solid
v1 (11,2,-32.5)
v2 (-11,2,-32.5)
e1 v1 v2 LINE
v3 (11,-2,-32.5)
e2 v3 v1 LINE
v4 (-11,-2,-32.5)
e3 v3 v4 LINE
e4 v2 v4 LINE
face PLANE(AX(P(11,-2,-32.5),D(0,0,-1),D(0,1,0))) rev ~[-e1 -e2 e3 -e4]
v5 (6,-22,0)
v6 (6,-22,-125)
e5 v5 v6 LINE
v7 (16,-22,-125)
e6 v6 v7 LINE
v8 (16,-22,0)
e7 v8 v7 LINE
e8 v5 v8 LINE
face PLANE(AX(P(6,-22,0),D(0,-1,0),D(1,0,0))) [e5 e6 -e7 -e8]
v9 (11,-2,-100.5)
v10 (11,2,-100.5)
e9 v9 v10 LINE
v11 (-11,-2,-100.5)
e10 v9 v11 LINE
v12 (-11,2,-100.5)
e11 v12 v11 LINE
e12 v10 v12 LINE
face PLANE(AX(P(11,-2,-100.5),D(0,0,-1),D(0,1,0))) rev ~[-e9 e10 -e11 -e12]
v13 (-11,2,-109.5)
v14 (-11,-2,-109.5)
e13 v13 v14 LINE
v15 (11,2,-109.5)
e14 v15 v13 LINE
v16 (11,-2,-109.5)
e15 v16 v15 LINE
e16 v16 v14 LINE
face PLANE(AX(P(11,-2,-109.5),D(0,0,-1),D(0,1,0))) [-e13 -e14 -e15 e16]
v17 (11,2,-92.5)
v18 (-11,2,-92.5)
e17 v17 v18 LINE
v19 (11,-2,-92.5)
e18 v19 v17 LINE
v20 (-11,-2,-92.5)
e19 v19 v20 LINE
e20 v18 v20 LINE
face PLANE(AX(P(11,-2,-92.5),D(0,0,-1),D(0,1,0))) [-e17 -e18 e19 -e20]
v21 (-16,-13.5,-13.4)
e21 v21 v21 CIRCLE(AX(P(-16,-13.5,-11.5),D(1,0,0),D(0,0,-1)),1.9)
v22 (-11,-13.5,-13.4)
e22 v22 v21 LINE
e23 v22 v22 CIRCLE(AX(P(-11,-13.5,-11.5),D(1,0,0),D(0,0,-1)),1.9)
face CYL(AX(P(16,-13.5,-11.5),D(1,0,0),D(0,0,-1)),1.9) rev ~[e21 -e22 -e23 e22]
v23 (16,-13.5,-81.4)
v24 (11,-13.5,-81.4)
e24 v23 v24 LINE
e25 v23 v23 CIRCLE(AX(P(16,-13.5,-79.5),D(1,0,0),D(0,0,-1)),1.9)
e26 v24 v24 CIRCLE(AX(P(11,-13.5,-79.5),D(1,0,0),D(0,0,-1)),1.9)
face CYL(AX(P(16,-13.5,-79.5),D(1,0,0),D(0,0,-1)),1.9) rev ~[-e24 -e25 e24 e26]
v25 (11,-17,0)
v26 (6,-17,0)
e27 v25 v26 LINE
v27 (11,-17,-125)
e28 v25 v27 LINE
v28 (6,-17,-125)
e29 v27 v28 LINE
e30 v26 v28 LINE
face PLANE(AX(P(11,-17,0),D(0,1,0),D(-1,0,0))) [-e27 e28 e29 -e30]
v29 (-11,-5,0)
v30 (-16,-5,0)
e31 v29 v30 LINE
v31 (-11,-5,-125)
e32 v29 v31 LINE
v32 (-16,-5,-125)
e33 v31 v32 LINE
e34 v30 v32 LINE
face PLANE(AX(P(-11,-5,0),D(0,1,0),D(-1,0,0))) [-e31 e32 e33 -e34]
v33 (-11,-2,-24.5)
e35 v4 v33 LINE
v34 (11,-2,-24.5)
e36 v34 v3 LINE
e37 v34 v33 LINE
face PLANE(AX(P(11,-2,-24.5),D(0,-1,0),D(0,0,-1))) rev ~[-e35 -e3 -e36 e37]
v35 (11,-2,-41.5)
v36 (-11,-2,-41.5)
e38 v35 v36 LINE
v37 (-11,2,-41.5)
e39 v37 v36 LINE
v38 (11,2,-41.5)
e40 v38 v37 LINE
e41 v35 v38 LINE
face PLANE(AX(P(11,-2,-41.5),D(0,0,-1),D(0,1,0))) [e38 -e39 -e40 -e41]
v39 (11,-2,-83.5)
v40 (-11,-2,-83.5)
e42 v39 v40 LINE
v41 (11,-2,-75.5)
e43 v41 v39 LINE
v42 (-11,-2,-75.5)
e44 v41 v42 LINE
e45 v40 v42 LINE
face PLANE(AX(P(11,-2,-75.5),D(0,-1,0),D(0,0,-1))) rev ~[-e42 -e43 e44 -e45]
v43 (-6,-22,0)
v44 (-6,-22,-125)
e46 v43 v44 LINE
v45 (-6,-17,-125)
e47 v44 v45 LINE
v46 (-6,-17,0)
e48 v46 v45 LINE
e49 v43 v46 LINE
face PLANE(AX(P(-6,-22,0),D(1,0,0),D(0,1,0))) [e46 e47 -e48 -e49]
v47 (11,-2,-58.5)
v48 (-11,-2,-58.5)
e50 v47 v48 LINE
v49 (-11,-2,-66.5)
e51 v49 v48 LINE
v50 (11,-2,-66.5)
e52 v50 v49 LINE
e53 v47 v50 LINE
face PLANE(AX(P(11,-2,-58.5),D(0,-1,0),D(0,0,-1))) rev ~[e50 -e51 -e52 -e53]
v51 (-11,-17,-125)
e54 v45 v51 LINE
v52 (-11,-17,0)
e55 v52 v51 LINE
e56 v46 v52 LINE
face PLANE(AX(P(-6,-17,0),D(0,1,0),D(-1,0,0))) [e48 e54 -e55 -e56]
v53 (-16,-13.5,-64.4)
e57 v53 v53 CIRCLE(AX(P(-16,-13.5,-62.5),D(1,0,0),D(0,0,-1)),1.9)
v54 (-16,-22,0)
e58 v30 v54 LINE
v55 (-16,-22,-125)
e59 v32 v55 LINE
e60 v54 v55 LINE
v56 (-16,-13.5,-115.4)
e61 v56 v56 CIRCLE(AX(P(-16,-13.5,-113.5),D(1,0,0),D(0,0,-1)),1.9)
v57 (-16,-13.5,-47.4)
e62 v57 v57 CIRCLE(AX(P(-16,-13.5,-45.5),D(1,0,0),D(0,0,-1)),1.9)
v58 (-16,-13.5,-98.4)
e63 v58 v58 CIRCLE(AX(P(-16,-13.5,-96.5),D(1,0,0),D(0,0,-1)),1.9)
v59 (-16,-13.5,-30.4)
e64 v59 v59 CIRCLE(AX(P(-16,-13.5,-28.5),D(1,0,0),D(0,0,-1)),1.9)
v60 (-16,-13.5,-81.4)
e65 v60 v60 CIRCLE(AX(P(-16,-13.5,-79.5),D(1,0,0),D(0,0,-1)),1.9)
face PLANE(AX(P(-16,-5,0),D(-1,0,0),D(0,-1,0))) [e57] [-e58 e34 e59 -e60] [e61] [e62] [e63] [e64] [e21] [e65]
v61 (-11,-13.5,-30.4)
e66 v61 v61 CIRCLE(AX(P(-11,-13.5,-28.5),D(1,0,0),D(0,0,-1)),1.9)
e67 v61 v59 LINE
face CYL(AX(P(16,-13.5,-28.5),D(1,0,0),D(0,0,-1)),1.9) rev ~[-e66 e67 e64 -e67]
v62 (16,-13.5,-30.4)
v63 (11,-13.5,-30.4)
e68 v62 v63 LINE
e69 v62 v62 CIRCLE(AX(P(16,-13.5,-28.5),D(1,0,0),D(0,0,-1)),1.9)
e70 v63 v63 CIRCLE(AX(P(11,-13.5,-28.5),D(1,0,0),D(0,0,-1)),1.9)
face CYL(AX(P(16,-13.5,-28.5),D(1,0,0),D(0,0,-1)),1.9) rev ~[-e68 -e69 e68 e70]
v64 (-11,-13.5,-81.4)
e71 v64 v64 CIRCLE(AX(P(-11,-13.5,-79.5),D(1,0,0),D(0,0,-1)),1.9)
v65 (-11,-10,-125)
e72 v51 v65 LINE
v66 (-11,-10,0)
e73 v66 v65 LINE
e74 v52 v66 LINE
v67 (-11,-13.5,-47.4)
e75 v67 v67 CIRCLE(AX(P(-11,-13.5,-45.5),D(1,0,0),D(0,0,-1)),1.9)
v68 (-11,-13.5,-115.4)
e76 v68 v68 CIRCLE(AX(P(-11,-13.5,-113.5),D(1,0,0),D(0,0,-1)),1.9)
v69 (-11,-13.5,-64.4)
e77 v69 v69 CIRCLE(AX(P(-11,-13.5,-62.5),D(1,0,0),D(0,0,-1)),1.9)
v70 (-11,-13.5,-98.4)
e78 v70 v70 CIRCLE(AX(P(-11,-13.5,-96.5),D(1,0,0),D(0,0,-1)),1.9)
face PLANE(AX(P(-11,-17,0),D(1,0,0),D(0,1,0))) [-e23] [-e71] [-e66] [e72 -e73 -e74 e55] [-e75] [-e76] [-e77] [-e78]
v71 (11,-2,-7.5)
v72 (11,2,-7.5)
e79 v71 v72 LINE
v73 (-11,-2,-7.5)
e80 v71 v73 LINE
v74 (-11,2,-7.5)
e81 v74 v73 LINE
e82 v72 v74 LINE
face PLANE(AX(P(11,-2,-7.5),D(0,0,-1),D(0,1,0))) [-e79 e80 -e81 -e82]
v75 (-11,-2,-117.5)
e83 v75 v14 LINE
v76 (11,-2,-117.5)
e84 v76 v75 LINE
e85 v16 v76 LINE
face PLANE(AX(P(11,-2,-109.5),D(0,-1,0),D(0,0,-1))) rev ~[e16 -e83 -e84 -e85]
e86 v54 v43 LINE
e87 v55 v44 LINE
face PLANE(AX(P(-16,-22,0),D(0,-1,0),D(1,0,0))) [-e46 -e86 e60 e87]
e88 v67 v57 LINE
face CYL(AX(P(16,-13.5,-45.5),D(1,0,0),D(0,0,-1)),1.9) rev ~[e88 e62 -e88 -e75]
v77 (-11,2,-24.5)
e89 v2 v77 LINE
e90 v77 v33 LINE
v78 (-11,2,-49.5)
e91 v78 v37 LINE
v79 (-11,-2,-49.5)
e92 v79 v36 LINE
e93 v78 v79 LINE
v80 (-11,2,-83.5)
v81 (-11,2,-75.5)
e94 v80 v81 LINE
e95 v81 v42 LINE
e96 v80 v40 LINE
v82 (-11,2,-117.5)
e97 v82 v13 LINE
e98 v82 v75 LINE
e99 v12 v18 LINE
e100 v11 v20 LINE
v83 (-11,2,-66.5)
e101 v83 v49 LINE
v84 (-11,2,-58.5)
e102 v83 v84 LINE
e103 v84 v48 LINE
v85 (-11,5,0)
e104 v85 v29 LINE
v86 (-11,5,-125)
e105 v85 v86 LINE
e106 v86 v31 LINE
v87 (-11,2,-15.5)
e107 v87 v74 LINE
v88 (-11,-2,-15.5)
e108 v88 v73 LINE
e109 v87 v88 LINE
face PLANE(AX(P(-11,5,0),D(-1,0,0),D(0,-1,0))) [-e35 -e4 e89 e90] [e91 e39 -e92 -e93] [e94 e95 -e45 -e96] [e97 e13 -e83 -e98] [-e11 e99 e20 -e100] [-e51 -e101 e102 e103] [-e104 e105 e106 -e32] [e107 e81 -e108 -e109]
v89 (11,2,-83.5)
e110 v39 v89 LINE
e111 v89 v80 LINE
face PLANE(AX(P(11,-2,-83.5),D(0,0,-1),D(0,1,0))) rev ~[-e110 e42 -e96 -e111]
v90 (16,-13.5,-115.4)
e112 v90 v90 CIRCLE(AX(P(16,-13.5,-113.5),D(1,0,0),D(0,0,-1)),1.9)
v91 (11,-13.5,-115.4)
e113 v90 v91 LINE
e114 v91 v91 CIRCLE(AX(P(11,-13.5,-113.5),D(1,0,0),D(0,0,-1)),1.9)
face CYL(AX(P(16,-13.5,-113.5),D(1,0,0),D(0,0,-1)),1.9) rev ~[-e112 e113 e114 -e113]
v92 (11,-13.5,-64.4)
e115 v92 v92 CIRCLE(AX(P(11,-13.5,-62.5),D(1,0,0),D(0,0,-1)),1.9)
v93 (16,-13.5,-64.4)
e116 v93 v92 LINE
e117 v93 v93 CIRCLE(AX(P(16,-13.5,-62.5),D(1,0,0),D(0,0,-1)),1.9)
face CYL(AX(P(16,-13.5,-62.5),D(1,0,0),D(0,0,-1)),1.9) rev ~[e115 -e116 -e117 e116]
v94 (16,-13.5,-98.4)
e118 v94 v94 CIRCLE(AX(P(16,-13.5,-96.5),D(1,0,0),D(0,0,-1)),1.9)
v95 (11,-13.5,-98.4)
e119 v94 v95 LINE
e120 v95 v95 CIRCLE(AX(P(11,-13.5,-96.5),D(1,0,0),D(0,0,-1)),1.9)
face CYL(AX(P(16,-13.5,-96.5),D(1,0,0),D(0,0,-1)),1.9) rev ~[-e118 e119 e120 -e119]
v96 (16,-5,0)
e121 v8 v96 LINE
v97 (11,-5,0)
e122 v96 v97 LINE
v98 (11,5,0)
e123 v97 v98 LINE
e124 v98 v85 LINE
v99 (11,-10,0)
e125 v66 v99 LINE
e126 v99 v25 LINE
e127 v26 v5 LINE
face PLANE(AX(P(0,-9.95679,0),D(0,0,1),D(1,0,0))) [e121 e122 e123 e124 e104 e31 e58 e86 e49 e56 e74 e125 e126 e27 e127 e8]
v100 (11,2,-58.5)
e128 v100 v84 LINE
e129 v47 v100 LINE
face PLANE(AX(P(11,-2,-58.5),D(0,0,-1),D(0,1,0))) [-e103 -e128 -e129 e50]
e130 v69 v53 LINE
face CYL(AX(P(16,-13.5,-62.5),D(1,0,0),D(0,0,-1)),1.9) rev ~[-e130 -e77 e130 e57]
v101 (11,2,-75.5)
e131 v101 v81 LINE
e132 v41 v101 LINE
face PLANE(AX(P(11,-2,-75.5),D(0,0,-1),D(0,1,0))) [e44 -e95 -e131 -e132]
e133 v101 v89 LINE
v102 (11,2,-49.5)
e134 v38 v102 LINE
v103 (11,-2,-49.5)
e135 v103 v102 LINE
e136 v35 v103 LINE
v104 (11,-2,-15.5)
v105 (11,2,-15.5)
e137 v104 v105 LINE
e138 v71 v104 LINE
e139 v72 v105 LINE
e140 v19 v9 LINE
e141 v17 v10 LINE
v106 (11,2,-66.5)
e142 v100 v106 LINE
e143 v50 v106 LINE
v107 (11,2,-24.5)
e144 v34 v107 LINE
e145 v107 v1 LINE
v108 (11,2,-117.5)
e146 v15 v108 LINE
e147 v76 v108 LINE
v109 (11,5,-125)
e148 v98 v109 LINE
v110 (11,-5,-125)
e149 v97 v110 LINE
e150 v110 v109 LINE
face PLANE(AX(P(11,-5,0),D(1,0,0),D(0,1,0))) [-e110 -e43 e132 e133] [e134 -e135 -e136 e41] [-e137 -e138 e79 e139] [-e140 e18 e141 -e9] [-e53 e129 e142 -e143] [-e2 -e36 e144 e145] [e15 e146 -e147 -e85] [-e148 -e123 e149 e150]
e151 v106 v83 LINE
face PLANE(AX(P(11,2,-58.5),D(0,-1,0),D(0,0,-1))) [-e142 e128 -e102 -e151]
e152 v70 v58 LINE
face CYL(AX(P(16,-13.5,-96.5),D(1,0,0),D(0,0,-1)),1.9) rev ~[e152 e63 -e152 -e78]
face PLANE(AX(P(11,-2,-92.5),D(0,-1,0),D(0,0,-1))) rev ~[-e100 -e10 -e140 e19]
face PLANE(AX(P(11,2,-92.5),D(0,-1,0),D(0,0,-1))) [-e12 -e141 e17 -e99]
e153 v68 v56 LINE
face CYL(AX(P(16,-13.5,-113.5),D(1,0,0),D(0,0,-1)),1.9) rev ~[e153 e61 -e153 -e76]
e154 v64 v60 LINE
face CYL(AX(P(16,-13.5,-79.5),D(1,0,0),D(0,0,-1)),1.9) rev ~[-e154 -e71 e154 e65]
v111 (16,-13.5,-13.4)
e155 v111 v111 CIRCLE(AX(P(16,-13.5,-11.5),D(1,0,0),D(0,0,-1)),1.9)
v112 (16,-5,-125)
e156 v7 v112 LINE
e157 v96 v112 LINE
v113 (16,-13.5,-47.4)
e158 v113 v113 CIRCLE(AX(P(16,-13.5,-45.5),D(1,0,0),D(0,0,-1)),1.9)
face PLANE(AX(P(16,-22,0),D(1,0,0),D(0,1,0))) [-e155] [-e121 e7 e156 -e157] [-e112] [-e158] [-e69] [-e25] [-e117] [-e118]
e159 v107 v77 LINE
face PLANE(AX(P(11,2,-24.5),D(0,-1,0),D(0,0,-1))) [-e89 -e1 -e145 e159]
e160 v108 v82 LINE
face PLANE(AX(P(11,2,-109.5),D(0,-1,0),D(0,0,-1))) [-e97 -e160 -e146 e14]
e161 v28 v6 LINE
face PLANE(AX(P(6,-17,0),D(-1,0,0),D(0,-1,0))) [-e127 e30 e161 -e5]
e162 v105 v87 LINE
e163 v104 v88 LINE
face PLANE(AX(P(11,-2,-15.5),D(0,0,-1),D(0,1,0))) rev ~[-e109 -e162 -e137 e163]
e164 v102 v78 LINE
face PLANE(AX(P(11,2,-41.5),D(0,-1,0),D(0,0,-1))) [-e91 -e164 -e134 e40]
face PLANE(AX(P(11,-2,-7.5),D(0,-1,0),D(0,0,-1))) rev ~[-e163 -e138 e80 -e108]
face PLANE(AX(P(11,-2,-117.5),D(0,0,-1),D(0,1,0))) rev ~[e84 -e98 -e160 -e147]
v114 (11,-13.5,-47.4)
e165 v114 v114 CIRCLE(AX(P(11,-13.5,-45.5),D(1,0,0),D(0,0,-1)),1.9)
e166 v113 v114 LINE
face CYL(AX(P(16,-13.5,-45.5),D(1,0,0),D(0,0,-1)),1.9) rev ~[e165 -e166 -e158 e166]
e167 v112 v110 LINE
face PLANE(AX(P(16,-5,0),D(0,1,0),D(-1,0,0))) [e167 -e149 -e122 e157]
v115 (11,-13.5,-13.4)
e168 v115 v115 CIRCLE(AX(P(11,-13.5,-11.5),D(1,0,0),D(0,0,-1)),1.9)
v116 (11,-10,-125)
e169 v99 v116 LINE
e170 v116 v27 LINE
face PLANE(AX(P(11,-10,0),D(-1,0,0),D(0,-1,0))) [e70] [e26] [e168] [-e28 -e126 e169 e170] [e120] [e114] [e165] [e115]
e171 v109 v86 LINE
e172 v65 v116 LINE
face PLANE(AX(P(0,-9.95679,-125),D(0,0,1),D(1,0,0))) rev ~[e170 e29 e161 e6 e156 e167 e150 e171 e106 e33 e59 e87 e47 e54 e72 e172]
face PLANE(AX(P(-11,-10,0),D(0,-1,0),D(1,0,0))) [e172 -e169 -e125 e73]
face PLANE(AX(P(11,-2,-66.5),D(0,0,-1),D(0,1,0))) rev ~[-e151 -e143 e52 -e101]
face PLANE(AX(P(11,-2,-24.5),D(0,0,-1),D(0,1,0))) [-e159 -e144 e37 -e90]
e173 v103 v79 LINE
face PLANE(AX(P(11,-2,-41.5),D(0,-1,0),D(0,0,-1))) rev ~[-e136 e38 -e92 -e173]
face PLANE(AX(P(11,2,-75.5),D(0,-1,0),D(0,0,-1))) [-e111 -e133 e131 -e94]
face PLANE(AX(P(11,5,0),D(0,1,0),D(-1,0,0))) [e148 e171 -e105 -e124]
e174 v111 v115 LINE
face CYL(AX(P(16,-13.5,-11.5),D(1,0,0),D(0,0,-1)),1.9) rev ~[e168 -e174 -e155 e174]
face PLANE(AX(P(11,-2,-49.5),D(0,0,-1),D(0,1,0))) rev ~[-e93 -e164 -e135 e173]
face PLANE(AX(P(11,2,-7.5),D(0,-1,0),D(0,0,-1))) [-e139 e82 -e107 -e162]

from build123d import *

# Parameters (mm, degrees)
BOSS_EXTRUDE1_DEPTH = 125
SKETCH2_R           = 1.9
CUT_EXTRUDE1_DEPTH  = 131.893086143
SKETCH3_W           = 8
SKETCH3_H           = 4
CUT_EXTRUDE2_DEPTH  = 130.761319352


with BuildPart() as part:
    # Sketch1 → Boss-Extrude1 (new body)
    with BuildSketch(Plane.XY):
        Polygon((11, 5), (-11, 5), (-11, -5), (-16, -5), (-16, -22), (-6, -22), (-6, -17), (-11, -17), (-11, -10), (11, -10), (11, -17), (6, -17), (6, -22), (16, -22), (16, -5), (11, -5), align=None)
    extrude(amount=-BOSS_EXTRUDE1_DEPTH)

    # Sketch2 → Cut-Extrude1 (cut, through all)
    with BuildSketch(Plane(origin=(16, 0, 0), x_dir=(0, 0, -1), z_dir=(1, 0, 0))):
        with Locations((62.5, -13.5)):
            Circle(SKETCH2_R)
        with Locations((79.5, -13.5)):
            Circle(SKETCH2_R)
        with Locations((96.5, -13.5)):
            Circle(SKETCH2_R)
        with Locations((45.5, -13.5)):
            Circle(SKETCH2_R)
        with Locations((28.5, -13.5)):
            Circle(SKETCH2_R)
        with Locations((113.5, -13.5)):
            Circle(SKETCH2_R)
        with Locations((11.5, -13.5)):
            Circle(SKETCH2_R)
    extrude(amount=-CUT_EXTRUDE1_DEPTH, mode=Mode.SUBTRACT)

    # Sketch3 → Cut-Extrude2 (cut, through all)
    with BuildSketch(Plane(origin=(11, 0, 0), x_dir=(0, 0, -1), z_dir=(1, 0, 0))):
        with Locations((79.5, 0)):
            Rectangle(SKETCH3_W, SKETCH3_H)
        with Locations((62.5, 0)):
            Rectangle(SKETCH3_W, SKETCH3_H)
        with Locations((96.5, 0)):
            Rectangle(SKETCH3_W, SKETCH3_H)
        with Locations((45.5, 0)):
            Rectangle(SKETCH3_W, SKETCH3_H)
        with Locations((28.5, 0)):
            Rectangle(SKETCH3_W, SKETCH3_H)
        with Locations((113.5, 0)):
            Rectangle(SKETCH3_W, SKETCH3_H)
        with Locations((11.5, 0)):
            Rectangle(SKETCH3_W, SKETCH3_H)
    extrude(amount=-CUT_EXTRUDE2_DEPTH, mode=Mode.SUBTRACT)


solid = part.part
